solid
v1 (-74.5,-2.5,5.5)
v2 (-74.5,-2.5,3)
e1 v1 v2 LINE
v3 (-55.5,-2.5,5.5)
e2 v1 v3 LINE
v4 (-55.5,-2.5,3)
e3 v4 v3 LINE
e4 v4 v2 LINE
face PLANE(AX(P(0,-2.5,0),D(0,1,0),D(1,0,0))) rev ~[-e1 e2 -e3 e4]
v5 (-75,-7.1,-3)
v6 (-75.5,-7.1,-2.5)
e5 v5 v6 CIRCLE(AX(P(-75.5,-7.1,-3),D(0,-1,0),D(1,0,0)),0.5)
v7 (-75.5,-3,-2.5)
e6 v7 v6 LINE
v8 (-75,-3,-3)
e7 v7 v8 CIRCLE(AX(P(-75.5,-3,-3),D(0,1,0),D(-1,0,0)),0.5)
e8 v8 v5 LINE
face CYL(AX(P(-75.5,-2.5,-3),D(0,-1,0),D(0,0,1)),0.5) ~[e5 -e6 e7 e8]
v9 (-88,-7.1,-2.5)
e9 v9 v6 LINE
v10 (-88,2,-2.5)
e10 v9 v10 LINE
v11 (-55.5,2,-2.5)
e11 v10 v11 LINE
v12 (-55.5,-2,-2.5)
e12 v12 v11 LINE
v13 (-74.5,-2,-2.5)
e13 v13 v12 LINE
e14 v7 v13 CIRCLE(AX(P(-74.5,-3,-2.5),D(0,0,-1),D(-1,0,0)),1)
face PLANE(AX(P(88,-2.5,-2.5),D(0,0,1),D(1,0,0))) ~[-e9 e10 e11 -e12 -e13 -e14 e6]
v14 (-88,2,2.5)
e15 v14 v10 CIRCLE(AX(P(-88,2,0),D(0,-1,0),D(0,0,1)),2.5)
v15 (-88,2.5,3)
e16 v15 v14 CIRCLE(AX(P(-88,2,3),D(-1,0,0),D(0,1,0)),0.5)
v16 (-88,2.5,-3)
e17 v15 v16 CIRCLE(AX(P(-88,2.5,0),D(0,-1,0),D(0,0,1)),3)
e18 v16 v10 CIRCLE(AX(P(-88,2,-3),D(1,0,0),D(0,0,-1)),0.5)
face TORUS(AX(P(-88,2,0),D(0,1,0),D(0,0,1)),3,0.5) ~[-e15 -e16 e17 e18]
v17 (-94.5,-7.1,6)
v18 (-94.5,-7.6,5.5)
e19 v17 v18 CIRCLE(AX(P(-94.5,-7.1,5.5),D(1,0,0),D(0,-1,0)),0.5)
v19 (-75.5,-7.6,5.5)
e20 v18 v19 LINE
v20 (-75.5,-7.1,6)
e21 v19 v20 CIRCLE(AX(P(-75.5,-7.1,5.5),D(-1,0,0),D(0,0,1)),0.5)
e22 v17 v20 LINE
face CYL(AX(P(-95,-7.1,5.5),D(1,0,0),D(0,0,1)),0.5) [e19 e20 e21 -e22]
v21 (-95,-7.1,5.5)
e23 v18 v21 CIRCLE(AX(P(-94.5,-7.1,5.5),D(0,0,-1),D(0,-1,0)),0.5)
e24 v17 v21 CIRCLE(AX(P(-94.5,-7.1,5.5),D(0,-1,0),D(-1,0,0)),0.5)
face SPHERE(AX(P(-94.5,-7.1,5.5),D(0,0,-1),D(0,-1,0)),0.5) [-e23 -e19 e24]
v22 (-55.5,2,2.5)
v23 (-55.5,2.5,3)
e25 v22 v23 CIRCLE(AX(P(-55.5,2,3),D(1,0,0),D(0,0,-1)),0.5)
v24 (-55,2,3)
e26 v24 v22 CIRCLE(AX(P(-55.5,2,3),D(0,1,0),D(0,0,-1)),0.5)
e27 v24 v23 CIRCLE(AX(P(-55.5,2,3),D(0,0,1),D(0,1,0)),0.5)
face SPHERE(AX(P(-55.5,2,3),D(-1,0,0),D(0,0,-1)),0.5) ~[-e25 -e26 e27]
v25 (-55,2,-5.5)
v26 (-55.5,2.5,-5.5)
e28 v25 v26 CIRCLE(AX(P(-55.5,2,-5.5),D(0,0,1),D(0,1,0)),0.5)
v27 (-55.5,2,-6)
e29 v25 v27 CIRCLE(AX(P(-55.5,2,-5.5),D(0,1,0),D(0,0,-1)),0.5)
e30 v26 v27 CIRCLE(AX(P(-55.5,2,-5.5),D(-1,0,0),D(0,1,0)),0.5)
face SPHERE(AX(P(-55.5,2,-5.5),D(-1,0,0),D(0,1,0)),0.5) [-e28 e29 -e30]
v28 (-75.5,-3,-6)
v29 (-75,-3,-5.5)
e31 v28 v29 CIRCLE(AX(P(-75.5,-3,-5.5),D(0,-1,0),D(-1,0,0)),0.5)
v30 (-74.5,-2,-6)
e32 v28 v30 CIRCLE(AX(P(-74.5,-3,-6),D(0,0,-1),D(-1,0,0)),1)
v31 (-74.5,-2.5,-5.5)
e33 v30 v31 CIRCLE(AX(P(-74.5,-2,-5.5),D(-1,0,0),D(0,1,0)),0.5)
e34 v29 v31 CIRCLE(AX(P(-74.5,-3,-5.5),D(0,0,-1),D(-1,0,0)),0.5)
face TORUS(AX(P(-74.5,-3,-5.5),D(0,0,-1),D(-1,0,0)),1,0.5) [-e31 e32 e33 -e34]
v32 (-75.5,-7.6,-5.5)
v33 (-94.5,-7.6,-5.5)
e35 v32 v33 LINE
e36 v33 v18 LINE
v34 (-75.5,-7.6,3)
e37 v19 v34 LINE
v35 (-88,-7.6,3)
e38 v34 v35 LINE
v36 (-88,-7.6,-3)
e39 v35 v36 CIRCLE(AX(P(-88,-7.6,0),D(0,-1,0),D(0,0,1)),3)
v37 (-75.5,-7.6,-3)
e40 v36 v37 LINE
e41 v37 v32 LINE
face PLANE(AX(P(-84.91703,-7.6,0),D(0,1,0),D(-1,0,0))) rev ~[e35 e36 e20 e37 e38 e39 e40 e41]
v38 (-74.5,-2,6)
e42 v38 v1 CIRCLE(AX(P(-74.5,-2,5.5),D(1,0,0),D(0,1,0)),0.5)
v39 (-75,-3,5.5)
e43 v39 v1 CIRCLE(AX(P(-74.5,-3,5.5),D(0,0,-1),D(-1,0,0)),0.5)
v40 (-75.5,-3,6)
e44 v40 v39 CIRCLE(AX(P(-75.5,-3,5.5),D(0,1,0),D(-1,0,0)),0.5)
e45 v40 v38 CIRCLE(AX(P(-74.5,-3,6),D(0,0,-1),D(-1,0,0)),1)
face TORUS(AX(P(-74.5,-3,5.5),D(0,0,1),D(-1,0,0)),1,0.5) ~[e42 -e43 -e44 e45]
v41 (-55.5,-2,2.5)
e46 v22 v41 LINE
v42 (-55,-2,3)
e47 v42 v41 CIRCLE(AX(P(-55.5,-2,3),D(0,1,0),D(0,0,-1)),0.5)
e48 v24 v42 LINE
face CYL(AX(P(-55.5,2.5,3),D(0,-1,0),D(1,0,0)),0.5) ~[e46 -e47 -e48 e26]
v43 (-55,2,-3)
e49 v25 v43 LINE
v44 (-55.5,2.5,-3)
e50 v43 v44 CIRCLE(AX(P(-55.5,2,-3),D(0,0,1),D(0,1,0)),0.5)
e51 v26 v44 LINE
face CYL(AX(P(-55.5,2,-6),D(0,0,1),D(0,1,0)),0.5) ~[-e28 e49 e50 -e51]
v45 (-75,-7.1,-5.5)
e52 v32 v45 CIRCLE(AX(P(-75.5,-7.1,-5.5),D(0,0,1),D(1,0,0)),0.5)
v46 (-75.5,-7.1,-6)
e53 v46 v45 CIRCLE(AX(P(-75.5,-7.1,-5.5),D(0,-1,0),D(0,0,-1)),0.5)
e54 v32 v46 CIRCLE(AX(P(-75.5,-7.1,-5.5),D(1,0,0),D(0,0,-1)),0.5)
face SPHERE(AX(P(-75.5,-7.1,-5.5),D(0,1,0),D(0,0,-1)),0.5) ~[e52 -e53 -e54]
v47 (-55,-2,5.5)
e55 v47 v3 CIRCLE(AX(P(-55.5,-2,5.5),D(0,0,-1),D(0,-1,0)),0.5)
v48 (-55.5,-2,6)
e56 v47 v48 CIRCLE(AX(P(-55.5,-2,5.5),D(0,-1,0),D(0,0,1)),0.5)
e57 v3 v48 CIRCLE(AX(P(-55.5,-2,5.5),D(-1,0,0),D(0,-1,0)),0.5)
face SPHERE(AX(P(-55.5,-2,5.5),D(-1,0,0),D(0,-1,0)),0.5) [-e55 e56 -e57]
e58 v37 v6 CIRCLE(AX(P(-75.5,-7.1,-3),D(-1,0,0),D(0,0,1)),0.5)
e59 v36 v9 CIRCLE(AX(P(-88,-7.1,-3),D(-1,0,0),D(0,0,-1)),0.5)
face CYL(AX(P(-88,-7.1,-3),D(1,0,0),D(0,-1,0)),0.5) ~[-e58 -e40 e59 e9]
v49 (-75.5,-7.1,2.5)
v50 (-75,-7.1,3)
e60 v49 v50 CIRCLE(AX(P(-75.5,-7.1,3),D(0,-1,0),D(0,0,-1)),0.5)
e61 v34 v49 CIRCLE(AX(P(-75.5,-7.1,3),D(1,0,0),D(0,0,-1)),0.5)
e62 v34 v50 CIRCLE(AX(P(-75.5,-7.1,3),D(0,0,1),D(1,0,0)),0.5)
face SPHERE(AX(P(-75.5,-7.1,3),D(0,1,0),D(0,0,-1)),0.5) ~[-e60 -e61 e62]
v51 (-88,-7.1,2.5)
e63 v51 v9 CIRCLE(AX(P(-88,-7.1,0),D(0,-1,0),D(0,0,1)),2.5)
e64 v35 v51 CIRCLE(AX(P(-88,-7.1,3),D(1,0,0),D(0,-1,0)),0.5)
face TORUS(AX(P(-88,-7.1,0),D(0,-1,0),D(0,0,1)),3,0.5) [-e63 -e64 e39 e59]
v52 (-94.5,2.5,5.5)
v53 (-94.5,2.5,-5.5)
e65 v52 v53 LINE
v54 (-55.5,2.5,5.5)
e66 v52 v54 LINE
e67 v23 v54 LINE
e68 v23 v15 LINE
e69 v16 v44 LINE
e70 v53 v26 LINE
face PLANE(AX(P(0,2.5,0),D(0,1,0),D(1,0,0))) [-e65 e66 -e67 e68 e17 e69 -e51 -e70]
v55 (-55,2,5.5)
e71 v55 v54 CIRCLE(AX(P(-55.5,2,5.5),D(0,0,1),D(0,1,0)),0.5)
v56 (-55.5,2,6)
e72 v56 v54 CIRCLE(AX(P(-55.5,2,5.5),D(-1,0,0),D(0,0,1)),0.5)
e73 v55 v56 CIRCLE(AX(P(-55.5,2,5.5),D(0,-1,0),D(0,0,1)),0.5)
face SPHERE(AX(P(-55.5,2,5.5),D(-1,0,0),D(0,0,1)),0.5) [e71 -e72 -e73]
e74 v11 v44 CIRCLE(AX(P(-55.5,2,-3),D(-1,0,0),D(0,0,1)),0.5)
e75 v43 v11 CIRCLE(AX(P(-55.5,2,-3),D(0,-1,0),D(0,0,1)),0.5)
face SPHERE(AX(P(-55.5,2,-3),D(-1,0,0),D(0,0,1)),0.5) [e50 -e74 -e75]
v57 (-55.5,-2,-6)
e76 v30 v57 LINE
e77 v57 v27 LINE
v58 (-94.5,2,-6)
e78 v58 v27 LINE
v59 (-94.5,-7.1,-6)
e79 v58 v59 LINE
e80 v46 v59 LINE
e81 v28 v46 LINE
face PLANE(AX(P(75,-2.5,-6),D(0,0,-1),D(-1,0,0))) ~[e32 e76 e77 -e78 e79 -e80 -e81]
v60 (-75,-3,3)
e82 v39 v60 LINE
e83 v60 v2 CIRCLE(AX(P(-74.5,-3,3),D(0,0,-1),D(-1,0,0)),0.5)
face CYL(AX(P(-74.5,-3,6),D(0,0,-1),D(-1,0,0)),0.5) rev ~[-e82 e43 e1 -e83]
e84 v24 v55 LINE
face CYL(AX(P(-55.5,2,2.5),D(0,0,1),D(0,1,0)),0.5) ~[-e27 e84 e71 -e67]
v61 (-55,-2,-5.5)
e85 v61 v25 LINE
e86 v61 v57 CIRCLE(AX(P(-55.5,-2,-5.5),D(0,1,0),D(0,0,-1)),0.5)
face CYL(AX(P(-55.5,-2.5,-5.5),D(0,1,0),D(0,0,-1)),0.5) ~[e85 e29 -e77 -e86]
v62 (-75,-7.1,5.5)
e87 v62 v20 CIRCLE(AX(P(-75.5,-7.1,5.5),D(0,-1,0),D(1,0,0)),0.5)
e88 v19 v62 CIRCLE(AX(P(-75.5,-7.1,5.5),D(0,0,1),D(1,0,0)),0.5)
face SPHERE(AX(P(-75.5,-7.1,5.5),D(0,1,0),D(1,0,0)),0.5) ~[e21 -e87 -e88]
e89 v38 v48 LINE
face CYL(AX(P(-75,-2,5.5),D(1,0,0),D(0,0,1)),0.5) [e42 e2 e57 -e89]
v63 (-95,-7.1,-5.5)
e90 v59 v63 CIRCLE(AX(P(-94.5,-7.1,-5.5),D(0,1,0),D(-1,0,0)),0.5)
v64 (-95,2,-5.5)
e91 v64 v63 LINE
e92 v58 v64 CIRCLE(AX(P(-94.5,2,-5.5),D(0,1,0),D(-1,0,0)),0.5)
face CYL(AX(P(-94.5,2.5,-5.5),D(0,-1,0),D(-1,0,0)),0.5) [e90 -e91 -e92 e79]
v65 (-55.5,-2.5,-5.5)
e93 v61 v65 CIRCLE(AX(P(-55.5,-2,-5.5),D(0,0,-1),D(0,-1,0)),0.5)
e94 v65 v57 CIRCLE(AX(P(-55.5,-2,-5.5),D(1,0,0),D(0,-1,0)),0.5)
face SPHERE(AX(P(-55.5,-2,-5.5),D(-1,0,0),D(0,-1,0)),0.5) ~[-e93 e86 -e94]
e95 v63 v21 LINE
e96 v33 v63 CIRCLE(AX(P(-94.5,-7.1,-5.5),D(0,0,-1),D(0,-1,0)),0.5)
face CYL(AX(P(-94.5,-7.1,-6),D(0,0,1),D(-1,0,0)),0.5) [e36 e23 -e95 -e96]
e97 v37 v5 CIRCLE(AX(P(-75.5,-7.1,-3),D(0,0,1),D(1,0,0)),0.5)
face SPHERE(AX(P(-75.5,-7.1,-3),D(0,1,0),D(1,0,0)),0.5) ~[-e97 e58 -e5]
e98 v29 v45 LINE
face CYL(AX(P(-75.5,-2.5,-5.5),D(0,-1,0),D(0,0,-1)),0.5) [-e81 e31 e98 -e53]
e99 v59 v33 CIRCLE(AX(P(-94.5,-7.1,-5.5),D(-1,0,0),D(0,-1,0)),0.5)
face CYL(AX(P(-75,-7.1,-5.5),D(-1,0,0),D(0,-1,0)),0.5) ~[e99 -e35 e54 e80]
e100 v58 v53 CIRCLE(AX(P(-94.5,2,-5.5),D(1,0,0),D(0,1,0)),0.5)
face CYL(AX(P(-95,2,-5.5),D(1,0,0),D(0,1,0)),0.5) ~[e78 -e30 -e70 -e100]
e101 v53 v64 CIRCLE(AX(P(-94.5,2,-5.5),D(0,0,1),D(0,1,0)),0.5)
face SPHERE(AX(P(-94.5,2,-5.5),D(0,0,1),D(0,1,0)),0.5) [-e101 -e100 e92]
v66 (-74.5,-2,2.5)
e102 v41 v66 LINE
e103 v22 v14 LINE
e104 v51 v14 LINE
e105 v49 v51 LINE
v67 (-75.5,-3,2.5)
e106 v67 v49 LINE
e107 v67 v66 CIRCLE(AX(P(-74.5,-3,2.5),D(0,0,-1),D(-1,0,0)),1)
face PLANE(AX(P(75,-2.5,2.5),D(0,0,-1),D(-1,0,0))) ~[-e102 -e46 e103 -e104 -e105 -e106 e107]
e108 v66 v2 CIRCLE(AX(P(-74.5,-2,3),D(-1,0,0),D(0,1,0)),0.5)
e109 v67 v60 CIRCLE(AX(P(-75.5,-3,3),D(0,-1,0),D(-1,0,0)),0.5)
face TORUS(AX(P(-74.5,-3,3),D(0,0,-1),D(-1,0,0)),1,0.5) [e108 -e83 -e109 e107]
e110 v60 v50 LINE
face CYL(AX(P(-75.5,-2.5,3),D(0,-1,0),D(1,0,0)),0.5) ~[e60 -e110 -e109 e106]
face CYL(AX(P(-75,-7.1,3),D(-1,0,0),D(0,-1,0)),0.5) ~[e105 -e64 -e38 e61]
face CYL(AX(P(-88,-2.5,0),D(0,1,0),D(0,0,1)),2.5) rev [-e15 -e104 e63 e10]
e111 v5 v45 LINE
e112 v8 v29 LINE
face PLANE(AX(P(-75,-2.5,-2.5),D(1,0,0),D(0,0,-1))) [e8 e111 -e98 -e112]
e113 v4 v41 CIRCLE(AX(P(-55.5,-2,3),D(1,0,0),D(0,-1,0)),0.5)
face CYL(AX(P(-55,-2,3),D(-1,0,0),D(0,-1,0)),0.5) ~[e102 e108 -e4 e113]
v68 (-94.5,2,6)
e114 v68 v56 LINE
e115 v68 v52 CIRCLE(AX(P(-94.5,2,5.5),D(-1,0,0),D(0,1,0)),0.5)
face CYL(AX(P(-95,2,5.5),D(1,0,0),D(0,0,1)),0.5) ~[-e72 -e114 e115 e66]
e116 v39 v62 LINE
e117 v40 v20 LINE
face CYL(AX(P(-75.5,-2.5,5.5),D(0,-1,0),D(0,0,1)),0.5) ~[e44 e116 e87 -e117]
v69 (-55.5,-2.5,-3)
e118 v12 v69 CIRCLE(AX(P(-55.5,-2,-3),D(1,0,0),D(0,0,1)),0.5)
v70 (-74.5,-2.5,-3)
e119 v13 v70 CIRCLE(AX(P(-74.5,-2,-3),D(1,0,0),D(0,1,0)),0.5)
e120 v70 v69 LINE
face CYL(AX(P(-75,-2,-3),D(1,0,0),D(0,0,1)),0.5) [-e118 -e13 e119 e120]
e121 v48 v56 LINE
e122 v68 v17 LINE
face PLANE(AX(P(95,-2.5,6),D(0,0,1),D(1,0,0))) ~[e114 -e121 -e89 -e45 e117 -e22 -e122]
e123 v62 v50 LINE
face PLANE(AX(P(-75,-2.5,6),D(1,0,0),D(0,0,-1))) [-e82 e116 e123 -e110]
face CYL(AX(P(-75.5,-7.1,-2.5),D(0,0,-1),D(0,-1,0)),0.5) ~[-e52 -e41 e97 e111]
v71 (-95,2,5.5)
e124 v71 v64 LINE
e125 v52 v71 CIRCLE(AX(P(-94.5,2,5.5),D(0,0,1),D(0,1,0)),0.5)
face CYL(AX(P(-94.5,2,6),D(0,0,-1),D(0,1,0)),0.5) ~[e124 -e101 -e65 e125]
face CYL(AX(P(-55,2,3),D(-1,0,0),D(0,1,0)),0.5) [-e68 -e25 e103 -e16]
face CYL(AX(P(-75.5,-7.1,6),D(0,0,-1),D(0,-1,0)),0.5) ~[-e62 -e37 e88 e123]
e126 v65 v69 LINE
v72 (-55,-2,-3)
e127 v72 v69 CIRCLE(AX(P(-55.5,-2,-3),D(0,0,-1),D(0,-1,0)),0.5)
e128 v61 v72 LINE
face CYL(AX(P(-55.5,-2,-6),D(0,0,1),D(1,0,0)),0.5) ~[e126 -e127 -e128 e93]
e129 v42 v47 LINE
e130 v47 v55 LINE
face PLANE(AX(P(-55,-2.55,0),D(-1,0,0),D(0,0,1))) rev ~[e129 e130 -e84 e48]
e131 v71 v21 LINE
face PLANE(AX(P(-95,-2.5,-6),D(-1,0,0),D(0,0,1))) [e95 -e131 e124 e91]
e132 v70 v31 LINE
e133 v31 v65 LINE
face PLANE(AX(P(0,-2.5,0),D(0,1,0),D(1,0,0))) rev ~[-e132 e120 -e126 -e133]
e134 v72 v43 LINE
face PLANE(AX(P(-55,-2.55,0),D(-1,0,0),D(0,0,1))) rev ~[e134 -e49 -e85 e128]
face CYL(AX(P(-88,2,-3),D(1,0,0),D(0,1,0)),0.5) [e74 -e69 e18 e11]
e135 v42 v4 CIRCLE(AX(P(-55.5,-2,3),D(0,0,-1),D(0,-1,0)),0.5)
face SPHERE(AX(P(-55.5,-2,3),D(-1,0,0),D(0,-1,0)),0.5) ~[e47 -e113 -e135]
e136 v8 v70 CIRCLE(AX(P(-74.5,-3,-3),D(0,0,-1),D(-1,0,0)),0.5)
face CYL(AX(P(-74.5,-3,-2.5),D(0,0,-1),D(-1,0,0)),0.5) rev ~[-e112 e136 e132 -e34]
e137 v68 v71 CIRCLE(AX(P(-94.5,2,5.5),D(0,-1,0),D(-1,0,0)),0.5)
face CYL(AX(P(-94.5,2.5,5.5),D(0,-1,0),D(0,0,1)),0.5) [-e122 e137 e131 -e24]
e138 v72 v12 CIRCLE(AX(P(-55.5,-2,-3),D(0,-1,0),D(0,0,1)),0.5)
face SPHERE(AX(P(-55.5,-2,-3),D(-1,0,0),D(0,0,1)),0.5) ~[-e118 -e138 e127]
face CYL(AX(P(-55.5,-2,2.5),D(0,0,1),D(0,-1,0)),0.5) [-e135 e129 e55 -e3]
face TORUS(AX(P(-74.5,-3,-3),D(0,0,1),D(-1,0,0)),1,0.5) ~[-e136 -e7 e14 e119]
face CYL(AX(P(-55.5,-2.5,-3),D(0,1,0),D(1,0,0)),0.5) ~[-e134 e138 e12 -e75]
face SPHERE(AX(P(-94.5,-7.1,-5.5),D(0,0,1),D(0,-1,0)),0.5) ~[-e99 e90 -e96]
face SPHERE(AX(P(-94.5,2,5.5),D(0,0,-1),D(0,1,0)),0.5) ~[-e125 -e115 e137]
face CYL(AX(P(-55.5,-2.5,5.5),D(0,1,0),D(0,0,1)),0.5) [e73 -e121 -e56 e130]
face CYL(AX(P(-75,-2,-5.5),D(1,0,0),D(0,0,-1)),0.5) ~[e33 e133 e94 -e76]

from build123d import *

# Parameters (mm, degrees)
ESQUISSE1_W             = 190
ESQUISSE1_H             = 12
BOSS_EXTRU_1_DEPTH      = 2.5
BOSS_EXTRU_3_DEPTH      = 5.1
ENL_V_START             = -40
ESQUISSE5_W             = 12
ESQUISSE5_H             = 10.1
ENL_V_MAT_EXTRU_1_DEPTH = 151
CONG_1_R                = 0.5


with BuildPart() as part:
    # Esquisse1 → Boss.-Extru.1 (new body, symmetric)
    with BuildSketch(Plane(origin=(0, 0, 0), x_dir=(1, 0, 0), z_dir=(0, 1, 0))):
        Rectangle(ESQUISSE1_W, ESQUISSE1_H)
        with BuildLine():
            Line((-88, 2.5), (88, 2.5))
            ThreePointArc((88, 2.5), (90.5, 0), (88, -2.5))
            Line((88, -2.5), (-88, -2.5))
            ThreePointArc((-88, -2.5), (-90.5, 0), (-88, 2.5))
        make_face(mode=Mode.SUBTRACT)
    extrude(amount=BOSS_EXTRU_1_DEPTH, both=True)

    # Esquisse4 → Boss.-Extru.3 (add)
    with BuildSketch(Plane.XZ.offset(2.5)):
        with BuildLine():
            Line((-95, 6), (-75, 6))
            Line((-75, 6), (-75, 2.5))
            Line((-75, 2.5), (-88, 2.5))
            ThreePointArc((-88, 2.5), (-90.5, 0), (-88, -2.5))
            Line((-88, -2.5), (-75, -2.5))
            Line((-75, -2.5), (-75, -6))
            Line((-75, -6), (-95, -6))
            Line((-95, -6), (-95, 6))
        make_face()
    boss_extru_3 = extrude(amount=BOSS_EXTRU_3_DEPTH)

    # Symétrie2: Boss.-Extru.3 across plane
    add(boss_extru_3.mirror(Plane(origin=(0, 0, 0), x_dir=(0, 0, 1), z_dir=(1, 0, 0))))

    # Esquisse5 → Enlèv. mat.-Extru.1 (cut, through all)
    with BuildSketch(Plane.ZY.offset(95).offset(ENL_V_START)):
        with Locations((0, -2.55)):
            Rectangle(ESQUISSE5_W, ESQUISSE5_H)
    extrude(amount=-ENL_V_MAT_EXTRU_1_DEPTH, mode=Mode.SUBTRACT)

    # Congé1
    cong_1_edges = [part.edges().sort_by_distance(p)[0] for p in [
        (-95, 2.5, 0),
        (-90.5, 2.5, 0),
        (-75, 2.5, 6),
        (-71.5, 2.5, 2.5),
        (-65, -2.5, 6),
        (-65, -2.5, 2.5),
        (-75, -2.5, -4.25),
        (-75, -5.05, -6),
        (-75, -5.05, -2.5),
        (-75, -2.5, 4.25),
        (-75, -5.05, 2.5),
        (-75, -5.05, 6),
        (-95, -7.6, 0),
        (-85, -7.6, -6),
        (-75, -7.6, -4.25),
        (-81.5, -7.6, -2.5),
        (-90.5, -7.6, 0),
        (-81.5, -7.6, 2.5),
        (-75, -7.6, 4.25),
        (-85, -7.6, 6),
        (-65, -2.5, -2.5),
        (-71.5, 2.5, -2.5),
        (-55, 0, -2.5),
        (-65, -2.5, -6),
        (-95, -2.55, 6),
        (-75, 2.5, -6),
        (-95, -2.55, -6),
        (-55, -2.5, 4.25),
        (-55, 0, 2.5),
        (-55, -2.5, -4.25),
        (-55, 0, 6),
        (-55, 2.5, 4.25),
        (-55, 2.5, -4.25),
        (-55, 0, -6),
    ]]
    fillet(cong_1_edges, radius=CONG_1_R)


solid = part.part
